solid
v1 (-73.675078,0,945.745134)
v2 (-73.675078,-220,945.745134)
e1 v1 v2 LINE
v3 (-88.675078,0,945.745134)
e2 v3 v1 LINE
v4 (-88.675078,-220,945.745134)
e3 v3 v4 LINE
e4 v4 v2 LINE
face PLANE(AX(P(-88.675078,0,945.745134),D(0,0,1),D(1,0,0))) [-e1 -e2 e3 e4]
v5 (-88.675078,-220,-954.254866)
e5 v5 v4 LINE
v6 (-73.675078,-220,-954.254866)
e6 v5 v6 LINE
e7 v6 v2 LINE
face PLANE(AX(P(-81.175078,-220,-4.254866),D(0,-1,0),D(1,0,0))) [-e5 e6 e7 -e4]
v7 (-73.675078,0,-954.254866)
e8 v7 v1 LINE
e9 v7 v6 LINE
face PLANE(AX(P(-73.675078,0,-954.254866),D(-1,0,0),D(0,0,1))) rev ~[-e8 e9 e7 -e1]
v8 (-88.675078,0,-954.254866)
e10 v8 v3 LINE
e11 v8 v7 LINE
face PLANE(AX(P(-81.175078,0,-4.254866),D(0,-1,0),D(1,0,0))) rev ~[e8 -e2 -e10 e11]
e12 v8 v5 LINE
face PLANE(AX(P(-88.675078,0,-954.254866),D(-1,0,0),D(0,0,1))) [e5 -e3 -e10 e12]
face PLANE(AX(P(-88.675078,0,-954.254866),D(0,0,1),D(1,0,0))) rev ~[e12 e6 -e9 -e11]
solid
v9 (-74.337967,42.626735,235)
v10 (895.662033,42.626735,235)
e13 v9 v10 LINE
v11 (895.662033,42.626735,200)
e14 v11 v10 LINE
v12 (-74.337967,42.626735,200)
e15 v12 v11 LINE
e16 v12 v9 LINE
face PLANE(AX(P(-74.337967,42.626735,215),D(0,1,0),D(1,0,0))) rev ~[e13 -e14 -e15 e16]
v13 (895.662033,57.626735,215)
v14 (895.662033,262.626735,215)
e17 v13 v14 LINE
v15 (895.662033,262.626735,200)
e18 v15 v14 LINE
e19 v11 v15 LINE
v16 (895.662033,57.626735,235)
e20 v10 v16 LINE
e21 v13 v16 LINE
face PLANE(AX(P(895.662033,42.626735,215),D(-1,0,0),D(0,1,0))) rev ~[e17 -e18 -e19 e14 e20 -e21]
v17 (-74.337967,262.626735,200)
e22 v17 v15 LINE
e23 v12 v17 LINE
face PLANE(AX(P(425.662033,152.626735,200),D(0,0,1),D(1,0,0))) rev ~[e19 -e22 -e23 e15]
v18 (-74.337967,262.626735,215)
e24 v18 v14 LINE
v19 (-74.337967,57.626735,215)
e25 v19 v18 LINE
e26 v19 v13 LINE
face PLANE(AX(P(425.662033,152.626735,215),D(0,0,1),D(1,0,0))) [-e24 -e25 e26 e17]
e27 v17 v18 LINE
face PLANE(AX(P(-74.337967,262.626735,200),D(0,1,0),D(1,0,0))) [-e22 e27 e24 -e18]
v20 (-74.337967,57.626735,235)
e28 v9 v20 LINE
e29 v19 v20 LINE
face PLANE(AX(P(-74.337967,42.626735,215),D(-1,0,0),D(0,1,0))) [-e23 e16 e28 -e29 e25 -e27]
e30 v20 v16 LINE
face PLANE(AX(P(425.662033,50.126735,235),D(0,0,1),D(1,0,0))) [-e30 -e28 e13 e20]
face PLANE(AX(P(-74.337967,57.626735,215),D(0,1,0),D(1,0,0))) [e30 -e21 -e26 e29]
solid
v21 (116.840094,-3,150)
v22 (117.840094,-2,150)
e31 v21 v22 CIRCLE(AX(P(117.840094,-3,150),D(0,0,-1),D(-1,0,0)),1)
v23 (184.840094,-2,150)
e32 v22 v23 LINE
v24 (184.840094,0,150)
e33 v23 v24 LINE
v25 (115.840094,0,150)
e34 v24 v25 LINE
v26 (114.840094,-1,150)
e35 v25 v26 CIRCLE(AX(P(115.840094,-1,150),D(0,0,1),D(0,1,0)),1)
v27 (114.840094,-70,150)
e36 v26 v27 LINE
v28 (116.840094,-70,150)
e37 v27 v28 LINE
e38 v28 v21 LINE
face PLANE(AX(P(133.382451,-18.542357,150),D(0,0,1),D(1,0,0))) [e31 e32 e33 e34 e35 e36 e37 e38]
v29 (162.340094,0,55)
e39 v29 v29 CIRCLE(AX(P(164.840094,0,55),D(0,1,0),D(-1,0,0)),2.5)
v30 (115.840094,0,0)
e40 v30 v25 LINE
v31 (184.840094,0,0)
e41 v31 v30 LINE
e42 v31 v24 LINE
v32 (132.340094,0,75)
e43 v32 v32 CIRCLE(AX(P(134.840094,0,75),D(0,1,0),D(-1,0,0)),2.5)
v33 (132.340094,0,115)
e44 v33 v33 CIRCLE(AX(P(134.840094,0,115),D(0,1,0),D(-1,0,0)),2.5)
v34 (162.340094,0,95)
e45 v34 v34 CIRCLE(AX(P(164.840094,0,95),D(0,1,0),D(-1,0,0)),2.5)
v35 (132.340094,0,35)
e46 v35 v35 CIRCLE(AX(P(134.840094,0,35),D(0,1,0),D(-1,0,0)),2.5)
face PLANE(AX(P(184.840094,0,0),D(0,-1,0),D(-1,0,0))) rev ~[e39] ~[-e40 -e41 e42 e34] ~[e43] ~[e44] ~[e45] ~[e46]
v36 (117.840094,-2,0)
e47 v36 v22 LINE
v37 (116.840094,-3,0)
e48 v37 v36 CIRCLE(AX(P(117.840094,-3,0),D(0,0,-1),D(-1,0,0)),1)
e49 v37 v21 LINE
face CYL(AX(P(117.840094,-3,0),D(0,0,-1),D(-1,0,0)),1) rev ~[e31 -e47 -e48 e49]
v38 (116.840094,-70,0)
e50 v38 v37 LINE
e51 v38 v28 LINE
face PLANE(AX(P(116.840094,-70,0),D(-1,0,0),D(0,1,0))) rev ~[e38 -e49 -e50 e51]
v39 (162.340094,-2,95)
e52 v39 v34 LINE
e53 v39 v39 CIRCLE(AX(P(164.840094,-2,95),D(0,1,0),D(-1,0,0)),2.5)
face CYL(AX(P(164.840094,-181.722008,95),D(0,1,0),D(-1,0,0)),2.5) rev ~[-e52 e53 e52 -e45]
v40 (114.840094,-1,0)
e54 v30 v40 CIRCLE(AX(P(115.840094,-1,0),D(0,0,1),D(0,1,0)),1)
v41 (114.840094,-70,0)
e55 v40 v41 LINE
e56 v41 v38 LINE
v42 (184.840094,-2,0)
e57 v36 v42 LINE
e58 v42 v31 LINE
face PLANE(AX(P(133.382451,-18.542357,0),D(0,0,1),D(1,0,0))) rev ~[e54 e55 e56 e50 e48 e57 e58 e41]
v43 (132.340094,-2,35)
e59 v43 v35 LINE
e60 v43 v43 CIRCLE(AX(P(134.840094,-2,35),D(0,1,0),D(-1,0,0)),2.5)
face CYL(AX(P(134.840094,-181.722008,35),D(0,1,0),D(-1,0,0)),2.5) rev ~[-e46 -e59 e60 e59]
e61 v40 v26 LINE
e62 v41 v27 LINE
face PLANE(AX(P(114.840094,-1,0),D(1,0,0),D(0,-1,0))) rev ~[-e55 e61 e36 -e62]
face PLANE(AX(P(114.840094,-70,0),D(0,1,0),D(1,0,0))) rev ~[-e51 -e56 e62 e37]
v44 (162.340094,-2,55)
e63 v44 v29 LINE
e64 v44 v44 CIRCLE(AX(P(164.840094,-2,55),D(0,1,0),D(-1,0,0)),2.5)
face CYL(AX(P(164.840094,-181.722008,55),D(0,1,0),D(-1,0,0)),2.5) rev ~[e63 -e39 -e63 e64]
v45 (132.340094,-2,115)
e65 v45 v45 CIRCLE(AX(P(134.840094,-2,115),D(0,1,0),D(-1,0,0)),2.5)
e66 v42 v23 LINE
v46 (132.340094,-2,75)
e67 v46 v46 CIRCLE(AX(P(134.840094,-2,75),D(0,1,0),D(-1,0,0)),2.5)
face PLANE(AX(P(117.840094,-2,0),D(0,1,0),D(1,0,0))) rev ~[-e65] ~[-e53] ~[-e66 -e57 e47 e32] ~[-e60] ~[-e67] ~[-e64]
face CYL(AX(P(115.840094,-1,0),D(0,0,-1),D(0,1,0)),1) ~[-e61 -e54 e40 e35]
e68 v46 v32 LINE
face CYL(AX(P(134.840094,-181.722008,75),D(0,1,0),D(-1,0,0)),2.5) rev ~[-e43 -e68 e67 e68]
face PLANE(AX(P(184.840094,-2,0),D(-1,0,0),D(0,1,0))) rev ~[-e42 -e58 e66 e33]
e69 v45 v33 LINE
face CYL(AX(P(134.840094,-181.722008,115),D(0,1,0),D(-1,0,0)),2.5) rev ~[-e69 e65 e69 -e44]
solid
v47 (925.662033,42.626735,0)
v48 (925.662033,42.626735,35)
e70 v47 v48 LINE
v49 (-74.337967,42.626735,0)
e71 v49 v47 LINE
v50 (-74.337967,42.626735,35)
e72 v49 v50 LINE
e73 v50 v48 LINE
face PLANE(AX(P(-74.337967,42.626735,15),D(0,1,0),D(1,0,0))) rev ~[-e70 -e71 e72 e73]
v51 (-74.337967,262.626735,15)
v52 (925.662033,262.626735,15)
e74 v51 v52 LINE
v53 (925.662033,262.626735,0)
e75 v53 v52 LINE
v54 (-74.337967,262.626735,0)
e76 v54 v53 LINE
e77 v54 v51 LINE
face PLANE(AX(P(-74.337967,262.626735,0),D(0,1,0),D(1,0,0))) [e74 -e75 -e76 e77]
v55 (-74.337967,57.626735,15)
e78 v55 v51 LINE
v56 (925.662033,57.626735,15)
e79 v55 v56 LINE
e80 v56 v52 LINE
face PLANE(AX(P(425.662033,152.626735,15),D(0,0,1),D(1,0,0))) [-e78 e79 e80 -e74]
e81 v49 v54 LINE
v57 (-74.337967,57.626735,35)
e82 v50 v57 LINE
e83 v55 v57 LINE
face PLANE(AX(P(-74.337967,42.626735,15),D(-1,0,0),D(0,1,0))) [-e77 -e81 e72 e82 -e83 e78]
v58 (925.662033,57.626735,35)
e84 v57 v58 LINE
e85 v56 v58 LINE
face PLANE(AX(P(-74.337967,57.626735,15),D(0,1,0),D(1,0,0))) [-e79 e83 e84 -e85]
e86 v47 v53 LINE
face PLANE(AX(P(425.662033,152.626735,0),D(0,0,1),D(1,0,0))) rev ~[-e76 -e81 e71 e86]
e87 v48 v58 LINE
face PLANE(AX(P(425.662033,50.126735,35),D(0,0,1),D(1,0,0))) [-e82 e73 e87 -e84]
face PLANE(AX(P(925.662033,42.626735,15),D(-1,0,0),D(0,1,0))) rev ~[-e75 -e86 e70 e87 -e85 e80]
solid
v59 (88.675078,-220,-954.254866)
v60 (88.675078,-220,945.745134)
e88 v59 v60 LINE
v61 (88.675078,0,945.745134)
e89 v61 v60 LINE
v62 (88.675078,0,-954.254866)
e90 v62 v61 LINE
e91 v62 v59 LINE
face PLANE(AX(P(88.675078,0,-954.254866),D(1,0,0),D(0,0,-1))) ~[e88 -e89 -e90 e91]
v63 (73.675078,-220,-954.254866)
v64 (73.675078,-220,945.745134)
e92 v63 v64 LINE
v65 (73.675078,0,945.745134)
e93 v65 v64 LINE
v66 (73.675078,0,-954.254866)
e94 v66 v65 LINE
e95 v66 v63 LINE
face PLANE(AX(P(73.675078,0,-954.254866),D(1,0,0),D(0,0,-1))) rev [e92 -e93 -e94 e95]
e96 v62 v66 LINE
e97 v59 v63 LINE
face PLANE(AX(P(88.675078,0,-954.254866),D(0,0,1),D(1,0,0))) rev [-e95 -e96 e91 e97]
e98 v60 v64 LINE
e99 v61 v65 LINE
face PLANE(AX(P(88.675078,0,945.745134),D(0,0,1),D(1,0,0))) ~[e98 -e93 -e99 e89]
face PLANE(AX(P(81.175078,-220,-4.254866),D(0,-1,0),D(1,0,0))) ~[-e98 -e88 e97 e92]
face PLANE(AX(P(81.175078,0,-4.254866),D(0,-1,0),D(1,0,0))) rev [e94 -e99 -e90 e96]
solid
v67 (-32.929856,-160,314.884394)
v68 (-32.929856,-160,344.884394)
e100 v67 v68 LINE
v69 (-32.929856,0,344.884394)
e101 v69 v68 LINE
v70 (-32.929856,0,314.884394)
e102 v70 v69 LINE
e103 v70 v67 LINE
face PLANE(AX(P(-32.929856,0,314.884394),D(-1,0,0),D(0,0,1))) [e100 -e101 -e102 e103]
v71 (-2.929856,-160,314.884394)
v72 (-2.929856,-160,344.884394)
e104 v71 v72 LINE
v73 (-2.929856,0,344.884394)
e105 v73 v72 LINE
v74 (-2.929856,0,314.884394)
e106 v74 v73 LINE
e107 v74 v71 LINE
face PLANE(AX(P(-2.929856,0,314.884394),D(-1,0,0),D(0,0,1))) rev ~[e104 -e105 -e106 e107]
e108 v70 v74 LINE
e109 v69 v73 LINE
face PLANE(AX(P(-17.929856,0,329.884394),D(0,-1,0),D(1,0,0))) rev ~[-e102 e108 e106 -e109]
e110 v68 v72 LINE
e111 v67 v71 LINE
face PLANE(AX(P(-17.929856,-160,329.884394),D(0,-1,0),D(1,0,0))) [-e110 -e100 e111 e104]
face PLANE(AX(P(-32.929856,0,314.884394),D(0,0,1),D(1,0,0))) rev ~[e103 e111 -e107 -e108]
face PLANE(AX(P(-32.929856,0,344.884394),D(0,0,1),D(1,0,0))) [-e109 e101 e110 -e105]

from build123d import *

# Parameters (mm, degrees)
F0_W      = 15
F0_H      = 1900
F1_DEPTH  = 220
F2_W      = 30
F2_H      = 30
F3_DEPTH  = 160
F4_W      = 1000
F4_H      = 220
F5_DEPTH  = 15
F6_W      = 1000
F6_H      = 15
F7_DEPTH  = 20
F9_DEPTH  = 150
F11_D     = 5
F13_DEPTH = 30


with BuildPart() as f1:
    # F0 (on Front) → F1 (new body)
    with BuildSketch(Plane.XZ):
        with Locations((-81.1750778977, -4.2548663914)):
            Rectangle(F0_W, F0_H)
    extrude(amount=F1_DEPTH)


with BuildPart() as f3:
    # F2 (on Front) → F3 (new body)
    with BuildSketch(Plane.XZ):
        with Locations((-17.9298563302, 329.8843944073)):
            Rectangle(F2_W, F2_H)
    extrude(amount=F3_DEPTH)


with BuildPart() as f5:
    # F4 (on Top) → F5 (new body)
    with BuildSketch(Plane.XY):
        with Locations((425.6620332599, 152.626734823)):
            Rectangle(F4_W, F4_H)
    extrude(amount=F5_DEPTH)

    # F6 (on face) → F7 (join)
    with BuildSketch(Plane.XY.offset(15)):
        with Locations((425.6620332599, 50.126734823)):
            Rectangle(F6_W, F6_H)
    extrude(amount=F7_DEPTH)


with BuildPart() as f9:
    # F8 (on Top) → F9 (new body)
    with BuildSketch(Plane.XY):
        with BuildLine():
            Line((184.8400944316, -2), (184.8400944316, 0))
            Line((184.8400944316, 0), (115.8400944316, 0))
            ThreePointArc((115.8400944316, 0), (115.1329876504, -0.2928932188), (114.8400944316, -1))
            Line((114.8400944316, -1), (114.8400944316, -70))
            Line((114.8400944316, -70), (116.8400944316, -70))
            Line((116.8400944316, -70), (116.8400944316, -3))
            ThreePointArc((116.8400944316, -3), (117.1329876504, -2.2928932188), (117.8400944316, -2))
            Line((117.8400944316, -2), (184.8400944316, -2))
        make_face()
    extrude(amount=F9_DEPTH)

    # F11 (through all)
    with Locations(Plane.XZ.offset(2)):
        with Locations((134.8400944316, 115), (164.8400944316, 95), (134.8400944316, 75), (164.8400944316, 55), (134.8400944316, 35)):
            Hole(F11_D / 2)


with BuildPart() as f12_1:
    # F12: copy of F5
    add(f5.part.moved(Location((0, 0, 200))))

    # F13 (cut): a face of the model
    f13_faces = [f12_1.faces().sort_by_distance(p)[0] for p in [
        (925.6620332599, 144.0850681563, 208.9583333333),
    ]]
    extrude(f13_faces, amount=-F13_DEPTH, mode=Mode.SUBTRACT)


with BuildPart() as f14_1:
    # F14: instance of F1
    add(f1.part.mirror(Plane.YZ))


solid = Compound([f1.part, f3.part, f5.part, f9.part, f12_1.part, f14_1.part])
